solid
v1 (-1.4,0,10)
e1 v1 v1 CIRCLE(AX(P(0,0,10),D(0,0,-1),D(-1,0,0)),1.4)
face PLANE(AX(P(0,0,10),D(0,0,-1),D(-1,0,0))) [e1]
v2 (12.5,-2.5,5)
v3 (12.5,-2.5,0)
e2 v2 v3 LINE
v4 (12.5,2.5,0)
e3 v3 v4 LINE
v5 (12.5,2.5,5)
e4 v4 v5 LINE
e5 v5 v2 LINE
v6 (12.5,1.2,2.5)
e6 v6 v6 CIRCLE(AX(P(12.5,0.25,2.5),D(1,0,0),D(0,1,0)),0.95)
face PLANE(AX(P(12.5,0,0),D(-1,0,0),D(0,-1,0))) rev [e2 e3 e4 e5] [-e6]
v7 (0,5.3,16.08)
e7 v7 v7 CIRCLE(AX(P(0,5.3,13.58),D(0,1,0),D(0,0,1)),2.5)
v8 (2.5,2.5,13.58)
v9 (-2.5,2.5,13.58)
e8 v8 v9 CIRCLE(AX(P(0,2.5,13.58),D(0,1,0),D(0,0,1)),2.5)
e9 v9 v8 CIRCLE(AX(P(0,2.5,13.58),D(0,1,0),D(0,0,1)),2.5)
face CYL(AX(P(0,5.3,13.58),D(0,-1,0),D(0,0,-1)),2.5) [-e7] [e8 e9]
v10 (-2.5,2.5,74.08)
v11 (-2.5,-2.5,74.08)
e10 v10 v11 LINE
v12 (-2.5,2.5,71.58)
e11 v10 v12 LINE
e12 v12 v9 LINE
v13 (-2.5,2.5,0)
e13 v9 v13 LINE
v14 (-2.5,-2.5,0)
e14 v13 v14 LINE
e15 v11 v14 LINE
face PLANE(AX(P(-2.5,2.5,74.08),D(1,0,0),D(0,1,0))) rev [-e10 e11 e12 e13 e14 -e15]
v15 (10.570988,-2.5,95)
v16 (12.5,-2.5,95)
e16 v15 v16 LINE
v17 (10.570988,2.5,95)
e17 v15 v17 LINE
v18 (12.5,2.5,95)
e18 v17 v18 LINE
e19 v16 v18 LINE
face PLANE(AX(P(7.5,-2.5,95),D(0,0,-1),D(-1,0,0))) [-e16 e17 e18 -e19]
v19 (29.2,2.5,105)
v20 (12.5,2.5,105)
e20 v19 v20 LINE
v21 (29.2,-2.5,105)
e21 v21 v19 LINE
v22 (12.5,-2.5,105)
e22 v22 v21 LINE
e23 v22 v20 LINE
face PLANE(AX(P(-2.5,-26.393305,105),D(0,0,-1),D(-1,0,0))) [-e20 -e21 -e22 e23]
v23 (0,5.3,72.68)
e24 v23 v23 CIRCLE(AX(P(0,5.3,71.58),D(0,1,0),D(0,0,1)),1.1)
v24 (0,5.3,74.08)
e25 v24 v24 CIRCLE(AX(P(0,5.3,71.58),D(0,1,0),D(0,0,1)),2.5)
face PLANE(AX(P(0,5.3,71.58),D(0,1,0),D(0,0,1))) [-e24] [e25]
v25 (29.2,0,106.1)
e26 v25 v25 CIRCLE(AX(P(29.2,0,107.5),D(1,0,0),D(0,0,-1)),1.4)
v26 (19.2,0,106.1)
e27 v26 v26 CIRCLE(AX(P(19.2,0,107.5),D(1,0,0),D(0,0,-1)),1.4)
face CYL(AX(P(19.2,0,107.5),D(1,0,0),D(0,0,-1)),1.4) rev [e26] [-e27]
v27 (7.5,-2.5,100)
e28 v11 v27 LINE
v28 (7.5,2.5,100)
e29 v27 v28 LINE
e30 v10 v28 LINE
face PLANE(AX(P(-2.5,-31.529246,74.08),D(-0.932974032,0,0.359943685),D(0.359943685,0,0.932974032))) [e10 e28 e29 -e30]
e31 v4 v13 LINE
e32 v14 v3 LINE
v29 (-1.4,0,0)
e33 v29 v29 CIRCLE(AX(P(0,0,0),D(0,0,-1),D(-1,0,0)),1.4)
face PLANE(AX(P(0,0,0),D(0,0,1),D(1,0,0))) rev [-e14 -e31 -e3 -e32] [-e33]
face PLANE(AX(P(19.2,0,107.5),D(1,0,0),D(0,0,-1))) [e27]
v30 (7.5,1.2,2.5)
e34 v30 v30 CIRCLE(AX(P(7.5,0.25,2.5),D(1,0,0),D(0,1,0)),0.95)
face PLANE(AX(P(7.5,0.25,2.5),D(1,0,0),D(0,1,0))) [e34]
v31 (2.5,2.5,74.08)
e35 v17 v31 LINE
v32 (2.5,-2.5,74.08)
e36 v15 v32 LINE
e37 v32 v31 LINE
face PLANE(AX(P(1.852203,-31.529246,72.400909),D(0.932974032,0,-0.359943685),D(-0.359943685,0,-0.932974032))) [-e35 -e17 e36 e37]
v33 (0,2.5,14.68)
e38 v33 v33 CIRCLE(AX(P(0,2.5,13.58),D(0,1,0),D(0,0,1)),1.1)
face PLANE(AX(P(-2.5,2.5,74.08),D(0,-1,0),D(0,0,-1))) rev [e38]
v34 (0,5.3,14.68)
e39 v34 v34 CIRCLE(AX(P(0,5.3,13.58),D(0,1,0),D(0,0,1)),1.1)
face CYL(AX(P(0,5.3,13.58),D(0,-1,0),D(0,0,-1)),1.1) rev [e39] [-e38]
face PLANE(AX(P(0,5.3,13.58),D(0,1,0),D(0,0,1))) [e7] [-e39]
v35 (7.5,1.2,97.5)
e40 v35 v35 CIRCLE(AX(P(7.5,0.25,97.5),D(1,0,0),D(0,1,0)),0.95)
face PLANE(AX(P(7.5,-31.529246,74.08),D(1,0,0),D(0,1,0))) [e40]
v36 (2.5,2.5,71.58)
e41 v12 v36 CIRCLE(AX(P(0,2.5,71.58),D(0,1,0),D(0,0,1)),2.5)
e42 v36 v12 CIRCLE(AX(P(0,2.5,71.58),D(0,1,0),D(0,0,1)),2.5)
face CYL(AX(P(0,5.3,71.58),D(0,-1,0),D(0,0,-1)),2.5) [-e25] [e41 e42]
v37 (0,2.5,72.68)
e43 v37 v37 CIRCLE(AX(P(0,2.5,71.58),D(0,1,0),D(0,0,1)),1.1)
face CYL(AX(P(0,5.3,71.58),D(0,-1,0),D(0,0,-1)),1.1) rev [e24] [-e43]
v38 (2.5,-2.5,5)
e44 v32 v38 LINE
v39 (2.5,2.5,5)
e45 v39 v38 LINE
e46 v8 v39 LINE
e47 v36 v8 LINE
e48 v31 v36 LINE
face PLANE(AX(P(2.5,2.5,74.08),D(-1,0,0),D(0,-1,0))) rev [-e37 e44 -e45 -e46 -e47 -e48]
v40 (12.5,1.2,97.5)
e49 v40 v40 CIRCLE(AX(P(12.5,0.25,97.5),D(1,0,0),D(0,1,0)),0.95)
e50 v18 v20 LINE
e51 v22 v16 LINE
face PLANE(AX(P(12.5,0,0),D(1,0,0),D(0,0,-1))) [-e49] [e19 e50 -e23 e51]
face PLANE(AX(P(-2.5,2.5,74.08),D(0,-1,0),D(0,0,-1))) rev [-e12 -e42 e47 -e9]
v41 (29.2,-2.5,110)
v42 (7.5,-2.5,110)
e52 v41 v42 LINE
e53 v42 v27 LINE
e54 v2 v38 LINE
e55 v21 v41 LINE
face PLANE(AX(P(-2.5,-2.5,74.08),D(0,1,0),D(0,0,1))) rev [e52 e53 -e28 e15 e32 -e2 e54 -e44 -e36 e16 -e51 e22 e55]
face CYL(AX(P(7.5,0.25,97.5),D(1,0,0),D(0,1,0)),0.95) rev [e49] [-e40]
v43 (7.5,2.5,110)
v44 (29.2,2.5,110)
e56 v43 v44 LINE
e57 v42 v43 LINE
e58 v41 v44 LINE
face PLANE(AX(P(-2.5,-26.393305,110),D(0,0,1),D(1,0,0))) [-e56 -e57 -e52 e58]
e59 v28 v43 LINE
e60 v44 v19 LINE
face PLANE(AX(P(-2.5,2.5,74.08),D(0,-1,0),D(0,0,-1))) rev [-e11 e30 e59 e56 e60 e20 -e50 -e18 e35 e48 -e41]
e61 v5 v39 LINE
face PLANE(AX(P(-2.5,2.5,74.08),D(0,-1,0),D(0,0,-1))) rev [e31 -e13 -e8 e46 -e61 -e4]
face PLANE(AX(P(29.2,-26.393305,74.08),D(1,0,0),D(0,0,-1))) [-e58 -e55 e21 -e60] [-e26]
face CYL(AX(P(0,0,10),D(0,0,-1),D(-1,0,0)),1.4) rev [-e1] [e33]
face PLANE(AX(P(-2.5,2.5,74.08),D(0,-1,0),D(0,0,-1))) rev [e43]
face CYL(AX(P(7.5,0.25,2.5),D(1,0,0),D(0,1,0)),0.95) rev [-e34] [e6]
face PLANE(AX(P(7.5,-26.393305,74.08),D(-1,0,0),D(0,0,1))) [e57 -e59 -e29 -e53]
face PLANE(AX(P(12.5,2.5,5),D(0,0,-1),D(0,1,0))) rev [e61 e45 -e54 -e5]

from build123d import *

# Parameters (mm, degrees)
SKETCH1_W           = 5
SKETCH1_H           = 5
BOSS_EXTRUDE1_DEPTH = 74.08
SKETCH2_R           = 1.4
CUT_EXTRUDE1_DEPTH  = 10
SKETCH3_W           = 5
SKETCH3_H           = 5
BOSS_EXTRUDE2_DEPTH = 10
SKETCH4_R           = 0.95
CUT_EXTRUDE2_DEPTH  = 5
SKETCH5_R           = 2.5
SKETCH5_R_2         = 1.1
BOSS_EXTRUDE3_DEPTH = 2.8
SKETCH6_W           = 5
SKETCH6_H           = 5
SKETCH6_R           = 0.95
BOSS_EXTRUDE4_DEPTH = 5
BOSS_EXTRUDE5_DEPTH = 5
BOSS_EXTRUDE6_START = 2.5
BOSS_EXTRUDE6_DEPTH = 5
SKETCH9_R           = 1.4
CUT_EXTRUDE3_DEPTH  = 10


with BuildPart() as part:
    # Sketch1 → Boss-Extrude1 (new body)
    with BuildSketch(Plane.XY):
        Rectangle(SKETCH1_W, SKETCH1_H)
    extrude(amount=BOSS_EXTRUDE1_DEPTH)

    # Sketch2 → Cut-Extrude1 (cut)
    with BuildSketch(Plane(origin=(0, 0, 0), x_dir=(-1, 0, 0), z_dir=(0, 0, -1))):
        Circle(SKETCH2_R)
    extrude(amount=-CUT_EXTRUDE1_DEPTH, mode=Mode.SUBTRACT)

    # Sketch3 → Boss-Extrude2 (add)
    with BuildSketch(Plane(origin=(2.5, 0, 0), x_dir=(0, 0, -1), z_dir=(1, 0, 0))):
        with Locations((-2.5, 0)):
            Rectangle(SKETCH3_W, SKETCH3_H)
    extrude(amount=BOSS_EXTRUDE2_DEPTH)

    # Sketch4 → Cut-Extrude2 (cut)
    with BuildSketch(Plane(origin=(12.5, 0, 0), x_dir=(0, 0, -1), z_dir=(1, 0, 0))):
        with Locations(Location((-2.5, 0.25, 0), (0, 0, 90))):
            Circle(SKETCH4_R)
    extrude(amount=-CUT_EXTRUDE2_DEPTH, mode=Mode.SUBTRACT)

    # Sketch5 → Boss-Extrude3 (add)
    # profile 1 of 2: a face of its own
    with BuildSketch(Plane(origin=(0, 2.5, 0), x_dir=(1, 0, 0), z_dir=(0, 1, 0))):
        with Locations(Location((0, -13.58, 0), (0, 0, 180))):
            Circle(SKETCH5_R)
        with Locations(Location((0, -13.58, 0), (0, 0, 270))):
            Circle(SKETCH5_R_2, mode=Mode.SUBTRACT)
    # profile 2 of 2: a face of its own
    with BuildSketch(Plane(origin=(0, 2.5, 0), x_dir=(1, 0, 0), z_dir=(0, 1, 0))):
        with Locations(Location((0, -71.58, 0), (0, 0, 270))):
            Circle(SKETCH5_R)
        with Locations(Location((0, -71.58, 0), (0, 0, 270))):
            Circle(SKETCH5_R_2, mode=Mode.SUBTRACT)
    extrude(amount=BOSS_EXTRUDE3_DEPTH)



with BuildPart() as body_2:
    # Sketch6 → Boss-Extrude4 (new body)
    with BuildSketch(Plane(origin=(12.5, 0, 0), x_dir=(0, 0, -1), z_dir=(1, 0, 0))):
        with Locations((-97.5, 0)):
            Rectangle(SKETCH6_W, SKETCH6_H)
        with Locations(Location((-97.5, 0.25, 0), (0, 0, 90))):
            Circle(SKETCH6_R, mode=Mode.SUBTRACT)
    extrude(amount=-BOSS_EXTRUDE4_DEPTH)


with BuildPart() as part_1:
    add(part.part)

    add(body_2.part)  # Boss-Extrude5 merges body 2
    # Sketch7 → Boss-Extrude5 (add)
    with BuildSketch(Plane(origin=(0, 2.5, 0), x_dir=(1, 0, 0), z_dir=(0, 1, 0))):
        Polygon((7.5, -100), (-2.5, -74.08), (2.5, -74.08), (10.570987654, -95), (7.5, -95), align=None)
    extrude(amount=-BOSS_EXTRUDE5_DEPTH)

    # Sketch8 → Boss-Extrude6 (add)
    with BuildSketch(Plane(origin=(0, 0, 0), x_dir=(1, 0, 0), z_dir=(0, 1, 0)).offset(BOSS_EXTRUDE6_START)):
        Polygon((7.5, -100), (7.5, -110), (29.2, -110), (29.2, -105), (12.5, -105), (12.5, -100), align=None)
    extrude(amount=-BOSS_EXTRUDE6_DEPTH)

    # Sketch9 → Cut-Extrude3 (cut)
    with BuildSketch(Plane(origin=(29.2, 0, 0), x_dir=(0, 0, -1), z_dir=(1, 0, 0))):
        with Locations((-107.5, 0)):
            Circle(SKETCH9_R)
    extrude(amount=-CUT_EXTRUDE3_DEPTH, mode=Mode.SUBTRACT)


solid = part_1.part
